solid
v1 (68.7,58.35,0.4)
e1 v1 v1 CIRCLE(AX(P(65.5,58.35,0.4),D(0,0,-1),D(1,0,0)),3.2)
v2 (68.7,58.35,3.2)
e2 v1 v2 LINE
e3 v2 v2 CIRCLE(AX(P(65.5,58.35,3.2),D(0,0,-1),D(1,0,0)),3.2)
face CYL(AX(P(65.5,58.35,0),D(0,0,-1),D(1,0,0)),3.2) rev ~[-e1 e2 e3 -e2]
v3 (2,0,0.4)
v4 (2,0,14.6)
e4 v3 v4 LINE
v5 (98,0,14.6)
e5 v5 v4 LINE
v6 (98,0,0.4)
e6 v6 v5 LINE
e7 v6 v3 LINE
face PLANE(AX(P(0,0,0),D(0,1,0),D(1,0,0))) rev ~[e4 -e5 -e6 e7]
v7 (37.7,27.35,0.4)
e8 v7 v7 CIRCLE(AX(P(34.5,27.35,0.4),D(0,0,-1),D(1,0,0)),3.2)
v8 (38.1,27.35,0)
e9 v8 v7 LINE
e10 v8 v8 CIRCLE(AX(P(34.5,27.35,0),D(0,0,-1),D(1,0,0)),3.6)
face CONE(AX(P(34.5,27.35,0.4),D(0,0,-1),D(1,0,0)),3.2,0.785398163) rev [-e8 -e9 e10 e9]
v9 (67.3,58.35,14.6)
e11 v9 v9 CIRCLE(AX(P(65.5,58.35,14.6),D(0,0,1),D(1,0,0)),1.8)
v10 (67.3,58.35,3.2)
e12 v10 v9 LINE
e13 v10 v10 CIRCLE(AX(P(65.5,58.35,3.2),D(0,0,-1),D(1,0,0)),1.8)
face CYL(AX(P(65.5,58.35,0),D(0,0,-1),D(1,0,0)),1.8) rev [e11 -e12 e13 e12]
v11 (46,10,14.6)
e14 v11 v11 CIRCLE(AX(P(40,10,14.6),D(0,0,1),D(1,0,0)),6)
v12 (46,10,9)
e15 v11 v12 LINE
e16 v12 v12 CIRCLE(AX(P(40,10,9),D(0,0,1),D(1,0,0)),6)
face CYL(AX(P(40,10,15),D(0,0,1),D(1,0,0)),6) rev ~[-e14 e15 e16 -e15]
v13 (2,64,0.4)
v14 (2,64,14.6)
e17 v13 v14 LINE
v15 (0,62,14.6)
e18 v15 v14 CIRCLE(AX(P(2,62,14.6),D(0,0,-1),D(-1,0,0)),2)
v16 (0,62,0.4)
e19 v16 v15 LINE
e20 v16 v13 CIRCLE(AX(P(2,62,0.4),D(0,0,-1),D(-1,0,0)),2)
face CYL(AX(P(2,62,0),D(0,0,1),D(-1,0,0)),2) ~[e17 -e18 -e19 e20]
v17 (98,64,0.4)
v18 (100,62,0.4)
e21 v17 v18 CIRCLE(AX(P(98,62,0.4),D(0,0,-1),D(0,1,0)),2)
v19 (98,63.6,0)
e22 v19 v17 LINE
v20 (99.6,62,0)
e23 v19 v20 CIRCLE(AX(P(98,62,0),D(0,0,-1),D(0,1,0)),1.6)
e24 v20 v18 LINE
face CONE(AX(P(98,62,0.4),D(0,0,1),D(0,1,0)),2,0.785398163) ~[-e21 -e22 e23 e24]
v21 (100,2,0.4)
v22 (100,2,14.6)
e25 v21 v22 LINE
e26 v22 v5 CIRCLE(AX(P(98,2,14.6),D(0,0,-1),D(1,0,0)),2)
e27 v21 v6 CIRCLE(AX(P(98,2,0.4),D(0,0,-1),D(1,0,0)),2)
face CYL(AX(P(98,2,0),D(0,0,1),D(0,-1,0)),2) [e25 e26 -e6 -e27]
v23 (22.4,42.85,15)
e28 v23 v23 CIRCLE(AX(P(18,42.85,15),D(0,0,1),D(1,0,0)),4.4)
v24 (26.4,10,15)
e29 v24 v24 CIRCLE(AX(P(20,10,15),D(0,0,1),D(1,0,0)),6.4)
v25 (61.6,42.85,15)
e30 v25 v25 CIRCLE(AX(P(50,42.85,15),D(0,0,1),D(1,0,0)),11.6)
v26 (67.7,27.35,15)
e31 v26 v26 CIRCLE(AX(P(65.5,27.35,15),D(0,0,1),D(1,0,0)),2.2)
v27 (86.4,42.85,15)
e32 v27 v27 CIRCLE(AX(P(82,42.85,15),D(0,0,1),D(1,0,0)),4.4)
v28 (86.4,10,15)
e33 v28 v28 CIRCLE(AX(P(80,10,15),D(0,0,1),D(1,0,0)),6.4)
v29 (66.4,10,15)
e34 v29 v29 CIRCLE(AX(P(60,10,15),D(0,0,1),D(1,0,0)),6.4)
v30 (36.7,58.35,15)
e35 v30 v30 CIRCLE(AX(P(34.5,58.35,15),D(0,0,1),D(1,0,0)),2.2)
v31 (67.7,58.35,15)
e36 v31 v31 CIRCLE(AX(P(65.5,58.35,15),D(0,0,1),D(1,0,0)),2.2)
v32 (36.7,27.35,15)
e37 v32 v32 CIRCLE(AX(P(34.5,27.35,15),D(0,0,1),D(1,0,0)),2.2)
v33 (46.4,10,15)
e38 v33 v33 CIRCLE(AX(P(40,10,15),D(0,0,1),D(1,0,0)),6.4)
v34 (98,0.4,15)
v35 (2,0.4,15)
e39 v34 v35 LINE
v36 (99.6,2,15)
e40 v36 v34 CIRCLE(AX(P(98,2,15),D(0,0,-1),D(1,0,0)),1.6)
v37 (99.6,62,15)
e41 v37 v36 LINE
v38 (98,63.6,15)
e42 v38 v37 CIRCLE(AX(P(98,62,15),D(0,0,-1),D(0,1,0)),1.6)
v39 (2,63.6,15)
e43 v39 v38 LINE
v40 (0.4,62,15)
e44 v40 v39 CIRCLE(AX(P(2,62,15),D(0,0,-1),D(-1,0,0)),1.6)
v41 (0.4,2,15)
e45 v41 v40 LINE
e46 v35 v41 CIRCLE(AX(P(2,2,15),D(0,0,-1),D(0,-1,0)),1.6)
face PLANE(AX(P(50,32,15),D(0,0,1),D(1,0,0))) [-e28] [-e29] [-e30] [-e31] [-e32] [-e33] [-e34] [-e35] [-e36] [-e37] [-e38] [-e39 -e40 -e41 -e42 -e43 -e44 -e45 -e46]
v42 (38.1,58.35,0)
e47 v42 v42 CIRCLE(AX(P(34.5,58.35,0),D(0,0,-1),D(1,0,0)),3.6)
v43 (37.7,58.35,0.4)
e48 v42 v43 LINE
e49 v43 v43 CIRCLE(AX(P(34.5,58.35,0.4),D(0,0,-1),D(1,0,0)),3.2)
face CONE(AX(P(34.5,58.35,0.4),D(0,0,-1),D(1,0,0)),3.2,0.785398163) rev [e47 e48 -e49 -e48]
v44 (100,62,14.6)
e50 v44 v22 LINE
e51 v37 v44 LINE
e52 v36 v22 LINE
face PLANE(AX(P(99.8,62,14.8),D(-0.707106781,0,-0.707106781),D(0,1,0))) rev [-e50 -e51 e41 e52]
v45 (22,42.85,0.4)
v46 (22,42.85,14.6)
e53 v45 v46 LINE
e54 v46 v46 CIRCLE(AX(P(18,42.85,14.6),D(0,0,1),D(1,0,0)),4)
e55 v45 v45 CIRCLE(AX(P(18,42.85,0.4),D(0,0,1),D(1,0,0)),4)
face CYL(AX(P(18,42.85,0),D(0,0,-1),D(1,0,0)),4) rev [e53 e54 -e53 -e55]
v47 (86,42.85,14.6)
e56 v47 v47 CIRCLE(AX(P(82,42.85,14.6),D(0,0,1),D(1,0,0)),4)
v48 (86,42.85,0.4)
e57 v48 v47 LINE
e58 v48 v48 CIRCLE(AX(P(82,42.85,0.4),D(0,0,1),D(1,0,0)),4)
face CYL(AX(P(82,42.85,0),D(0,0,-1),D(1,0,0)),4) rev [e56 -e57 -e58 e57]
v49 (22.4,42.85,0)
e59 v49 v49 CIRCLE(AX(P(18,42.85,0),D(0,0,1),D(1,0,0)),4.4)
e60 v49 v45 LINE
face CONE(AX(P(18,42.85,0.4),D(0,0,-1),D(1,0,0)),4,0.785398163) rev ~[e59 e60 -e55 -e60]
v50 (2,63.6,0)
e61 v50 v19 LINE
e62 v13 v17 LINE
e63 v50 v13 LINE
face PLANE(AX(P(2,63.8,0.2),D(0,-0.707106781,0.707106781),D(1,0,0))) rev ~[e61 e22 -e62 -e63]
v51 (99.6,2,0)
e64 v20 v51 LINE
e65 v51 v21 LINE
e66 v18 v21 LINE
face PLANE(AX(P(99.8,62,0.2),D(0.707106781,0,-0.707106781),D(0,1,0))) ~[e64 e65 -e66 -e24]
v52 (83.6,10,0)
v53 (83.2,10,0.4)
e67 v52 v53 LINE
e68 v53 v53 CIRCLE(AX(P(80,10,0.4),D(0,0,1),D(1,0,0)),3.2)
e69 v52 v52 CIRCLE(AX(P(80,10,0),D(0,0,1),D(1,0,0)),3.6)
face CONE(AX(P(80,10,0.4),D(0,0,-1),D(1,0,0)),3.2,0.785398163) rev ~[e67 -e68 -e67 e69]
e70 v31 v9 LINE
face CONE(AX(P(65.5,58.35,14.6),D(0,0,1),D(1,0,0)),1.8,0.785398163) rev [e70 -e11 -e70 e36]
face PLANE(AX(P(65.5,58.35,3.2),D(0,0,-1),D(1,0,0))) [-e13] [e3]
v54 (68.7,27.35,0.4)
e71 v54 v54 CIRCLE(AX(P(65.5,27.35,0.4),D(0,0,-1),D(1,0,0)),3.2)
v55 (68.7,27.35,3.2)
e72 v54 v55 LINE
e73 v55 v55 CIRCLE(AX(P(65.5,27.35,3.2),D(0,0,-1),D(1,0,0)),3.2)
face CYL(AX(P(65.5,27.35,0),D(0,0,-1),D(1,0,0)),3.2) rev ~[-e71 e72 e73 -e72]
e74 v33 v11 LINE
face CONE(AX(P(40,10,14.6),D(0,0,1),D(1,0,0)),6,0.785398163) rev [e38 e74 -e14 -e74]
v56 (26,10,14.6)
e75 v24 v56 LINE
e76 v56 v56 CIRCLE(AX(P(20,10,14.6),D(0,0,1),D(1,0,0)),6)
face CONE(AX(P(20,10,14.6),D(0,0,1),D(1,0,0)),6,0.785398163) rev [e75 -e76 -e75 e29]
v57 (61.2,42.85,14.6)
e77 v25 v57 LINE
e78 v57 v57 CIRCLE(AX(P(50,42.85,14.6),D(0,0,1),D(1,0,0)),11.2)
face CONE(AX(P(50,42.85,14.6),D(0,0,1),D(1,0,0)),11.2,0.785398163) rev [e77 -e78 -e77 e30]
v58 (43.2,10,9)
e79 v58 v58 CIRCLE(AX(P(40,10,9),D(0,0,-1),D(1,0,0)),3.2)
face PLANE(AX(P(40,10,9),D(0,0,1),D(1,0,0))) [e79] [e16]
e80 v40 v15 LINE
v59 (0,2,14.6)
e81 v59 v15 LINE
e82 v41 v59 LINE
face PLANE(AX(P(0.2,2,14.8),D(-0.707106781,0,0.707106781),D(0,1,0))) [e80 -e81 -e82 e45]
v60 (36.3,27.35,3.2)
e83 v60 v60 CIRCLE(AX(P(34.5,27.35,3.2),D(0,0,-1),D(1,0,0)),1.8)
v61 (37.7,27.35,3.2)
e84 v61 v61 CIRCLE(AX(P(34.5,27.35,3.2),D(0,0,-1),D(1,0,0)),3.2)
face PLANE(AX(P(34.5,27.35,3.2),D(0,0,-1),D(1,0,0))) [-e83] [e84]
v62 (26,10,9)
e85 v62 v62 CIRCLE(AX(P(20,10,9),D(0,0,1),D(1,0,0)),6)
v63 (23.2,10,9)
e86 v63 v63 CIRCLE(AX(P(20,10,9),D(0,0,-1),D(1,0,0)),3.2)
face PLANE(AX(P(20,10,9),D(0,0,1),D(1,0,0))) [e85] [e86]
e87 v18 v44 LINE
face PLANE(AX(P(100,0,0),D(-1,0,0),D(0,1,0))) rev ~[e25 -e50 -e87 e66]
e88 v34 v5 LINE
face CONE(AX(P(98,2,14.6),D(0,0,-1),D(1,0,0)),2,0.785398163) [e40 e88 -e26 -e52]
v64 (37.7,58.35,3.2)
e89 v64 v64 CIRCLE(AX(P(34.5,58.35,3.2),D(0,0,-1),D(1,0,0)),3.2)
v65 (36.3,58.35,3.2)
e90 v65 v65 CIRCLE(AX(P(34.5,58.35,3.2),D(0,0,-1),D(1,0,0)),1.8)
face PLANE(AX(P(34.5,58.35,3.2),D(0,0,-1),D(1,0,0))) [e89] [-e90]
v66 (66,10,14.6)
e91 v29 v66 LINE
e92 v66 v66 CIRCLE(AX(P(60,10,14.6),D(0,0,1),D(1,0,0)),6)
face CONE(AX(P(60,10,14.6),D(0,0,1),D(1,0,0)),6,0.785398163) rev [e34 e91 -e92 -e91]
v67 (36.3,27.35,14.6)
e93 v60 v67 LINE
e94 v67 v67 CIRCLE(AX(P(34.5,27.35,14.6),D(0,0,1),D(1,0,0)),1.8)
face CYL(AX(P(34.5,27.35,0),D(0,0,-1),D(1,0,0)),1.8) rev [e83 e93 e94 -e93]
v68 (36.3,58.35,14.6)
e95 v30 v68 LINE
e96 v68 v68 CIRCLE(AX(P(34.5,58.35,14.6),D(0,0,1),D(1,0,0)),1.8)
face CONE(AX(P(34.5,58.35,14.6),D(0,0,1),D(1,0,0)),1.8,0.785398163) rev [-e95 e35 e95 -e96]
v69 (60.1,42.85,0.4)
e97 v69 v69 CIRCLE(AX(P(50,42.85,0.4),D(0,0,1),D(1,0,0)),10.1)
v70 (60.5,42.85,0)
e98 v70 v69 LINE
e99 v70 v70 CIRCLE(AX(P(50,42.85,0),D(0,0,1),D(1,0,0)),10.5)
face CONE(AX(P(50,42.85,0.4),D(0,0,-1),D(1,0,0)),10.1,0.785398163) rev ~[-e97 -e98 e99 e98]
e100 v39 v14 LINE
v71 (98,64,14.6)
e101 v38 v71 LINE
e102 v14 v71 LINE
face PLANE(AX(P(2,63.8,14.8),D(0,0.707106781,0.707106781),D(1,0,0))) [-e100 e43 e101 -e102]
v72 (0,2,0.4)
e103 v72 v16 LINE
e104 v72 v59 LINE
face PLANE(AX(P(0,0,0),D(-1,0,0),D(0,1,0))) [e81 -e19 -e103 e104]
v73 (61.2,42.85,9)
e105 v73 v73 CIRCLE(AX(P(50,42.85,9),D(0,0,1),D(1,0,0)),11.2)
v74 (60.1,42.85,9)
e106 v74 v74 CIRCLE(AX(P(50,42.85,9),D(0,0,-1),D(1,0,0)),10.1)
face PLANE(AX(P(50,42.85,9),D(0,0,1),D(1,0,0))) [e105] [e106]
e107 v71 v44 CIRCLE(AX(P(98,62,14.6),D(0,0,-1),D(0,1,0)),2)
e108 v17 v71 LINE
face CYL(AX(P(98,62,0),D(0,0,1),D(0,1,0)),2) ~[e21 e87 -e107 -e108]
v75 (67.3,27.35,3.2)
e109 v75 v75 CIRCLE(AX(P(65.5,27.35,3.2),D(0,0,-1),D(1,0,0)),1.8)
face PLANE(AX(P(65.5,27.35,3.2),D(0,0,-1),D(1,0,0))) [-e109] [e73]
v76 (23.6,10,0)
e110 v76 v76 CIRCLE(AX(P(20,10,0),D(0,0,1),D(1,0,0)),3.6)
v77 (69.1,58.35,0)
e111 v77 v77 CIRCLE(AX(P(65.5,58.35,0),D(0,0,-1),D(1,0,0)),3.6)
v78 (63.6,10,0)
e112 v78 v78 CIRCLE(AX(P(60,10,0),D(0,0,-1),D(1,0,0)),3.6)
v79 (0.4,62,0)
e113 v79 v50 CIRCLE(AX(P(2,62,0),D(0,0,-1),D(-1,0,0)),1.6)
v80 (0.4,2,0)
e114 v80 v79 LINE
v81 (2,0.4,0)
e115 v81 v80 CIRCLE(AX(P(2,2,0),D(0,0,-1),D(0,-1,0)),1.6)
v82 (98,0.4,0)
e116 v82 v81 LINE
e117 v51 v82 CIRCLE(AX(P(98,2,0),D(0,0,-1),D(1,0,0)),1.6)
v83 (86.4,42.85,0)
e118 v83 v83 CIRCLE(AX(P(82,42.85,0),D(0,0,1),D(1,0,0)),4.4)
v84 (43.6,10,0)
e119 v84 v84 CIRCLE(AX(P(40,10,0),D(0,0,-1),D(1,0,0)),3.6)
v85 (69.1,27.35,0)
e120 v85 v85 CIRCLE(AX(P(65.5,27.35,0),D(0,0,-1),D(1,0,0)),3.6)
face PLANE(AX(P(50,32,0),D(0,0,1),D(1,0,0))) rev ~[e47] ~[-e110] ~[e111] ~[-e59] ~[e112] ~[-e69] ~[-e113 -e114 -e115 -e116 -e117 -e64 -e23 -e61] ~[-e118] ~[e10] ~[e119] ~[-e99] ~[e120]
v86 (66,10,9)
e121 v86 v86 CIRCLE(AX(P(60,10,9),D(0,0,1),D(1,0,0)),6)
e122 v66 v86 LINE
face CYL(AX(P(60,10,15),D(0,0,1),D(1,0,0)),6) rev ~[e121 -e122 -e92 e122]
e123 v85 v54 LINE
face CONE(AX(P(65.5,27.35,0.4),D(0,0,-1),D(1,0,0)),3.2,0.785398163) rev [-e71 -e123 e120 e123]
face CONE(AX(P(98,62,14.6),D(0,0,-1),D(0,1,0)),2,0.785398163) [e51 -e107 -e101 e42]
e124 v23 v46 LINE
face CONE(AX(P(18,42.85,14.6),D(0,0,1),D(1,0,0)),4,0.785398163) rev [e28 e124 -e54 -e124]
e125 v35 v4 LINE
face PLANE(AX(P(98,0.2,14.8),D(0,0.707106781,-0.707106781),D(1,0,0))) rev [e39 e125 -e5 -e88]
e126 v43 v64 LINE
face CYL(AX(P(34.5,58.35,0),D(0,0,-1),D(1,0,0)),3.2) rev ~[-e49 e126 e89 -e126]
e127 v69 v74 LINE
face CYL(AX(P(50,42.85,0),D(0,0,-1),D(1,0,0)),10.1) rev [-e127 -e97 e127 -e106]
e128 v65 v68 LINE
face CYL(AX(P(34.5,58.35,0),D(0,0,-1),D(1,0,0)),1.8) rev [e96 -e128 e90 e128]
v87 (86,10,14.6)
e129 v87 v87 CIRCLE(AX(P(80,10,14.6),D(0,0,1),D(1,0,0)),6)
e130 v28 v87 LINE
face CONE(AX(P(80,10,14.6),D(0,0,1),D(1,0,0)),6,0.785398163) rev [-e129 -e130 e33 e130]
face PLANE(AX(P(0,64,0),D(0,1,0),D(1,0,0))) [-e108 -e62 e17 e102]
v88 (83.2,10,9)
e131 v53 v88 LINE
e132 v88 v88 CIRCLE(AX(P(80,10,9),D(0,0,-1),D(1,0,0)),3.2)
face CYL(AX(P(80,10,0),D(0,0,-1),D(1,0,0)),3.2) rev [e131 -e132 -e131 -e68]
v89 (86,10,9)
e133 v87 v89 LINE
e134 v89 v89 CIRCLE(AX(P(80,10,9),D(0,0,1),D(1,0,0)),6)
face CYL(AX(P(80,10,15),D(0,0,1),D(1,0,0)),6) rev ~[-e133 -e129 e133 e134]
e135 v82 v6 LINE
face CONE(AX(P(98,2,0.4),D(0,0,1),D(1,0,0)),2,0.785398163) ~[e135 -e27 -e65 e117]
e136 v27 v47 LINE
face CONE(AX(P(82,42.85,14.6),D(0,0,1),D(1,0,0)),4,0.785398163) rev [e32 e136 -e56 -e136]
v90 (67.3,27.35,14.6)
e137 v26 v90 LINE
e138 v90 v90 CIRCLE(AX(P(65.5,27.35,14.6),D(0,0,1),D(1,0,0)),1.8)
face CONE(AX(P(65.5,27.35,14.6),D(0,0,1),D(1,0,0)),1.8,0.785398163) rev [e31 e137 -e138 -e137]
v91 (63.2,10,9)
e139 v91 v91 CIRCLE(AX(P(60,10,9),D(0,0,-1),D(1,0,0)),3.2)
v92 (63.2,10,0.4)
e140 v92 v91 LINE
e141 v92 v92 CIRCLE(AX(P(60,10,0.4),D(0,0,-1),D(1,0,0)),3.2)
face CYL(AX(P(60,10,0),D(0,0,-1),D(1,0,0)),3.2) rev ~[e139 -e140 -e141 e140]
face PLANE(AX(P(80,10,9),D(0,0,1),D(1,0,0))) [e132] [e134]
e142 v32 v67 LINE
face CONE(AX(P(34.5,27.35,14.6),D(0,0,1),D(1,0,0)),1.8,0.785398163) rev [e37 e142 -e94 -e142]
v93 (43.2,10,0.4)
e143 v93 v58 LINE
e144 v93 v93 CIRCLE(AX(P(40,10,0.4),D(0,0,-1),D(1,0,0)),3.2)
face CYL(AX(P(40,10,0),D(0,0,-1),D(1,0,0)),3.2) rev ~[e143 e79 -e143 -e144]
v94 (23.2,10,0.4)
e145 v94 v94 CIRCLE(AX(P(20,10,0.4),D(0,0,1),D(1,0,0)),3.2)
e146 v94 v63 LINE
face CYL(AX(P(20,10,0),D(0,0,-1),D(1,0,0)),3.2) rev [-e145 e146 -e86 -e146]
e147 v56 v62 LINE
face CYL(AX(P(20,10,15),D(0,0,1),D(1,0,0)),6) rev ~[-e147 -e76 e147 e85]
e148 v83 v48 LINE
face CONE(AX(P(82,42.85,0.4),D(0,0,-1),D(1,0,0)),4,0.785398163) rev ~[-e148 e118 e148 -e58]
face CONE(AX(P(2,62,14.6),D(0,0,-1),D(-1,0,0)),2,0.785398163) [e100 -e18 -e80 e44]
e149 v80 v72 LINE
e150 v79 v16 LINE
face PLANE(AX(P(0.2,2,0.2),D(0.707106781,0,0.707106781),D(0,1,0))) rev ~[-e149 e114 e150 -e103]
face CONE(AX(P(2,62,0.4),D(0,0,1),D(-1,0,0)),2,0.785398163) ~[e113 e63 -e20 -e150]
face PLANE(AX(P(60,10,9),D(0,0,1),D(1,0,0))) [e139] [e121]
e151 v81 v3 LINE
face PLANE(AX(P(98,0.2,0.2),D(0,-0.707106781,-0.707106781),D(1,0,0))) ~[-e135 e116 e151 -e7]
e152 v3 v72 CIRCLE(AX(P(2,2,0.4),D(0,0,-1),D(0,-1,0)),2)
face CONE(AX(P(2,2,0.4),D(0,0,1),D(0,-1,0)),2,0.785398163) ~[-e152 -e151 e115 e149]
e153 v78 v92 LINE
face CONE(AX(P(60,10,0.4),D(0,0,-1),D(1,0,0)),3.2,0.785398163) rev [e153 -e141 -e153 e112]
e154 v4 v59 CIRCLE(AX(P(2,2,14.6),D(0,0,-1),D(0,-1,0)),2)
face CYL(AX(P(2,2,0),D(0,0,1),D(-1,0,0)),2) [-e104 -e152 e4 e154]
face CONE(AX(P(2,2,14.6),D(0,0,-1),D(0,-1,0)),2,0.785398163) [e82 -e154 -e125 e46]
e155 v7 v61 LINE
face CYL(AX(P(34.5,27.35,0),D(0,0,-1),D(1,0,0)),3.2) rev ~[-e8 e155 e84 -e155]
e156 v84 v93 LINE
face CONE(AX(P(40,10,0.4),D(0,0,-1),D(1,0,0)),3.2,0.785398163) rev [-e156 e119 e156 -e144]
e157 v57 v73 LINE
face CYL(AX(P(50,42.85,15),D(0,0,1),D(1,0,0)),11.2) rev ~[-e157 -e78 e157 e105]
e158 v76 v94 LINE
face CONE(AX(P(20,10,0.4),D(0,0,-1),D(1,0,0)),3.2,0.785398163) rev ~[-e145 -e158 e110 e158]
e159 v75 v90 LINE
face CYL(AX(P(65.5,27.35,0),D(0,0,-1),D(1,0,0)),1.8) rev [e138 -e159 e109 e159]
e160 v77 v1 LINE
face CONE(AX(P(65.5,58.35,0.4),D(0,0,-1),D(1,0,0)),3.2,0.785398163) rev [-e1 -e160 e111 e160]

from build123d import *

# Parameters (mm, degrees)
SKETCH_W        = 100
SKETCH_H        = 64
SKETCH_R        = 10.1
SKETCH_R_2      = 1.8
SKETCH_R_3      = 3.2
SKETCH_R_4      = 4
PAD_DEPTH       = 15
SKETCH001_R     = 11.2
SKETCH001_R_2   = 6
POCKET_DEPTH    = 6
SKETCH002_R     = 3.2
POCKET001_DEPTH = 3.2
SKETCH003_R     = 6
POCKET002_DEPTH = 6
SKETCH004_R     = 3.2
POCKET003_DEPTH = 15
FILLET_R        = 2
CHAMFER_SIZE    = 0.4
CHAMFER001_SIZE = 0.4


with BuildPart() as part:
    # Sketch → Pad (new body)
    with BuildSketch(Plane.XY):
        with Locations((50, 32)):
            Rectangle(SKETCH_W, SKETCH_H)
        with Locations((50, 42.85)):
            Circle(SKETCH_R, mode=Mode.SUBTRACT)
        with Locations((65.5, 58.35)):
            Circle(SKETCH_R_2, mode=Mode.SUBTRACT)
        with Locations((65.5, 27.35)):
            Circle(SKETCH_R_2, mode=Mode.SUBTRACT)
        with Locations((34.5, 27.35)):
            Circle(SKETCH_R_2, mode=Mode.SUBTRACT)
        with Locations((34.5, 58.35)):
            Circle(SKETCH_R_2, mode=Mode.SUBTRACT)
        with Locations((20, 10)):
            Circle(SKETCH_R_3, mode=Mode.SUBTRACT)
        with Locations((80, 10)):
            Circle(SKETCH_R_3, mode=Mode.SUBTRACT)
        with Locations((82, 42.85)):
            Circle(SKETCH_R_4, mode=Mode.SUBTRACT)
        with Locations((18, 42.85)):
            Circle(SKETCH_R_4, mode=Mode.SUBTRACT)
    extrude(amount=PAD_DEPTH)

    # Sketch001 (on Face15 of Pad) → Pocket (cut)
    with BuildSketch(Plane.XY.offset(15)):
        with Locations((50, 42.85)):
            Circle(SKETCH001_R)
        with Locations((20, 10)):
            Circle(SKETCH001_R_2)
        with Locations((80, 10)):
            Circle(SKETCH001_R_2)
    extrude(amount=-POCKET_DEPTH, mode=Mode.SUBTRACT)

    # Sketch002 (on Face4 of Pocket) → Pocket001 (cut)
    with BuildSketch(Plane(origin=(0, 0, 0), x_dir=(1, 0, 0), z_dir=(0, 0, -1))):
        with Locations((34.5, -27.35)):
            Circle(SKETCH002_R)
        with Locations((65.5, -27.35)):
            Circle(SKETCH002_R)
        with Locations((34.5, -58.35)):
            Circle(SKETCH002_R)
        with Locations((65.5, -58.35)):
            Circle(SKETCH002_R)
    extrude(amount=-POCKET001_DEPTH, mode=Mode.SUBTRACT)

    # Sketch003 (on Face5 of Pocket001) → Pocket002 (cut)
    with BuildSketch(Plane.XY.offset(15)):
        with Locations((40, 10)):
            Circle(SKETCH003_R)
        with Locations((60, 10)):
            Circle(SKETCH003_R)
    extrude(amount=-POCKET002_DEPTH, mode=Mode.SUBTRACT)

    # Sketch004 (on Face4 of Pocket002) → Pocket003 (cut)
    with BuildSketch(Plane(origin=(0, 0, 0), x_dir=(1, 0, 0), z_dir=(0, 0, -1))):
        with Locations((40, -10)):
            Circle(SKETCH004_R)
        with Locations((60, -10)):
            Circle(SKETCH004_R)
    extrude(amount=-POCKET003_DEPTH, mode=Mode.SUBTRACT)

    # Fillet
    fillet_edges = [part.edges().sort_by_distance(p)[0] for p in [
        (0, 64, 7.5),
        (100, 64, 7.5),
        (100, 0, 7.5),
        (0, 0, 7.5),
    ]]
    fillet(fillet_edges, radius=FILLET_R)

    # Chamfer
    chamfer_edges = [part.edges().sort_by_distance(p)[0] for p in [
        (50, 64, 15),
        (0.585786, 63.414214, 15),
        (99.414214, 63.414214, 15),
        (0, 32, 15),
        (100, 32, 15),
        (0.585786, 0.585786, 15),
        (99.414214, 0.585786, 15),
        (50, 0, 15),
        (74, 10, 15),
        (54, 10, 15),
        (63.7, 27.35, 15),
        (34, 10, 15),
        (14, 10, 15),
        (32.7, 27.35, 15),
        (78, 42.85, 15),
        (63.7, 58.35, 15),
        (38.8, 42.85, 15),
        (14, 42.85, 15),
        (32.7, 58.35, 15),
    ]]
    chamfer(chamfer_edges, length=CHAMFER_SIZE)

    # Chamfer001
    chamfer001_edges = [part.edges().sort_by_distance(p)[0] for p in [
        (50, 64, 0),
        (0.585786, 63.414214, 0),
        (99.414214, 63.414214, 0),
        (0, 32, 0),
        (100, 32, 0),
        (0.585786, 0.585786, 0),
        (99.414214, 0.585786, 0),
        (50, 0, 0),
        (76.8, 10, 0),
        (56.8, 10, 0),
        (62.3, 27.35, 0),
        (36.8, 10, 0),
        (16.8, 10, 0),
        (31.3, 27.35, 0),
        (78, 42.85, 0),
        (62.3, 58.35, 0),
        (39.9, 42.85, 0),
        (14, 42.85, 0),
        (31.3, 58.35, 0),
    ]]
    chamfer(chamfer001_edges, length=CHAMFER001_SIZE)


solid = part.part
